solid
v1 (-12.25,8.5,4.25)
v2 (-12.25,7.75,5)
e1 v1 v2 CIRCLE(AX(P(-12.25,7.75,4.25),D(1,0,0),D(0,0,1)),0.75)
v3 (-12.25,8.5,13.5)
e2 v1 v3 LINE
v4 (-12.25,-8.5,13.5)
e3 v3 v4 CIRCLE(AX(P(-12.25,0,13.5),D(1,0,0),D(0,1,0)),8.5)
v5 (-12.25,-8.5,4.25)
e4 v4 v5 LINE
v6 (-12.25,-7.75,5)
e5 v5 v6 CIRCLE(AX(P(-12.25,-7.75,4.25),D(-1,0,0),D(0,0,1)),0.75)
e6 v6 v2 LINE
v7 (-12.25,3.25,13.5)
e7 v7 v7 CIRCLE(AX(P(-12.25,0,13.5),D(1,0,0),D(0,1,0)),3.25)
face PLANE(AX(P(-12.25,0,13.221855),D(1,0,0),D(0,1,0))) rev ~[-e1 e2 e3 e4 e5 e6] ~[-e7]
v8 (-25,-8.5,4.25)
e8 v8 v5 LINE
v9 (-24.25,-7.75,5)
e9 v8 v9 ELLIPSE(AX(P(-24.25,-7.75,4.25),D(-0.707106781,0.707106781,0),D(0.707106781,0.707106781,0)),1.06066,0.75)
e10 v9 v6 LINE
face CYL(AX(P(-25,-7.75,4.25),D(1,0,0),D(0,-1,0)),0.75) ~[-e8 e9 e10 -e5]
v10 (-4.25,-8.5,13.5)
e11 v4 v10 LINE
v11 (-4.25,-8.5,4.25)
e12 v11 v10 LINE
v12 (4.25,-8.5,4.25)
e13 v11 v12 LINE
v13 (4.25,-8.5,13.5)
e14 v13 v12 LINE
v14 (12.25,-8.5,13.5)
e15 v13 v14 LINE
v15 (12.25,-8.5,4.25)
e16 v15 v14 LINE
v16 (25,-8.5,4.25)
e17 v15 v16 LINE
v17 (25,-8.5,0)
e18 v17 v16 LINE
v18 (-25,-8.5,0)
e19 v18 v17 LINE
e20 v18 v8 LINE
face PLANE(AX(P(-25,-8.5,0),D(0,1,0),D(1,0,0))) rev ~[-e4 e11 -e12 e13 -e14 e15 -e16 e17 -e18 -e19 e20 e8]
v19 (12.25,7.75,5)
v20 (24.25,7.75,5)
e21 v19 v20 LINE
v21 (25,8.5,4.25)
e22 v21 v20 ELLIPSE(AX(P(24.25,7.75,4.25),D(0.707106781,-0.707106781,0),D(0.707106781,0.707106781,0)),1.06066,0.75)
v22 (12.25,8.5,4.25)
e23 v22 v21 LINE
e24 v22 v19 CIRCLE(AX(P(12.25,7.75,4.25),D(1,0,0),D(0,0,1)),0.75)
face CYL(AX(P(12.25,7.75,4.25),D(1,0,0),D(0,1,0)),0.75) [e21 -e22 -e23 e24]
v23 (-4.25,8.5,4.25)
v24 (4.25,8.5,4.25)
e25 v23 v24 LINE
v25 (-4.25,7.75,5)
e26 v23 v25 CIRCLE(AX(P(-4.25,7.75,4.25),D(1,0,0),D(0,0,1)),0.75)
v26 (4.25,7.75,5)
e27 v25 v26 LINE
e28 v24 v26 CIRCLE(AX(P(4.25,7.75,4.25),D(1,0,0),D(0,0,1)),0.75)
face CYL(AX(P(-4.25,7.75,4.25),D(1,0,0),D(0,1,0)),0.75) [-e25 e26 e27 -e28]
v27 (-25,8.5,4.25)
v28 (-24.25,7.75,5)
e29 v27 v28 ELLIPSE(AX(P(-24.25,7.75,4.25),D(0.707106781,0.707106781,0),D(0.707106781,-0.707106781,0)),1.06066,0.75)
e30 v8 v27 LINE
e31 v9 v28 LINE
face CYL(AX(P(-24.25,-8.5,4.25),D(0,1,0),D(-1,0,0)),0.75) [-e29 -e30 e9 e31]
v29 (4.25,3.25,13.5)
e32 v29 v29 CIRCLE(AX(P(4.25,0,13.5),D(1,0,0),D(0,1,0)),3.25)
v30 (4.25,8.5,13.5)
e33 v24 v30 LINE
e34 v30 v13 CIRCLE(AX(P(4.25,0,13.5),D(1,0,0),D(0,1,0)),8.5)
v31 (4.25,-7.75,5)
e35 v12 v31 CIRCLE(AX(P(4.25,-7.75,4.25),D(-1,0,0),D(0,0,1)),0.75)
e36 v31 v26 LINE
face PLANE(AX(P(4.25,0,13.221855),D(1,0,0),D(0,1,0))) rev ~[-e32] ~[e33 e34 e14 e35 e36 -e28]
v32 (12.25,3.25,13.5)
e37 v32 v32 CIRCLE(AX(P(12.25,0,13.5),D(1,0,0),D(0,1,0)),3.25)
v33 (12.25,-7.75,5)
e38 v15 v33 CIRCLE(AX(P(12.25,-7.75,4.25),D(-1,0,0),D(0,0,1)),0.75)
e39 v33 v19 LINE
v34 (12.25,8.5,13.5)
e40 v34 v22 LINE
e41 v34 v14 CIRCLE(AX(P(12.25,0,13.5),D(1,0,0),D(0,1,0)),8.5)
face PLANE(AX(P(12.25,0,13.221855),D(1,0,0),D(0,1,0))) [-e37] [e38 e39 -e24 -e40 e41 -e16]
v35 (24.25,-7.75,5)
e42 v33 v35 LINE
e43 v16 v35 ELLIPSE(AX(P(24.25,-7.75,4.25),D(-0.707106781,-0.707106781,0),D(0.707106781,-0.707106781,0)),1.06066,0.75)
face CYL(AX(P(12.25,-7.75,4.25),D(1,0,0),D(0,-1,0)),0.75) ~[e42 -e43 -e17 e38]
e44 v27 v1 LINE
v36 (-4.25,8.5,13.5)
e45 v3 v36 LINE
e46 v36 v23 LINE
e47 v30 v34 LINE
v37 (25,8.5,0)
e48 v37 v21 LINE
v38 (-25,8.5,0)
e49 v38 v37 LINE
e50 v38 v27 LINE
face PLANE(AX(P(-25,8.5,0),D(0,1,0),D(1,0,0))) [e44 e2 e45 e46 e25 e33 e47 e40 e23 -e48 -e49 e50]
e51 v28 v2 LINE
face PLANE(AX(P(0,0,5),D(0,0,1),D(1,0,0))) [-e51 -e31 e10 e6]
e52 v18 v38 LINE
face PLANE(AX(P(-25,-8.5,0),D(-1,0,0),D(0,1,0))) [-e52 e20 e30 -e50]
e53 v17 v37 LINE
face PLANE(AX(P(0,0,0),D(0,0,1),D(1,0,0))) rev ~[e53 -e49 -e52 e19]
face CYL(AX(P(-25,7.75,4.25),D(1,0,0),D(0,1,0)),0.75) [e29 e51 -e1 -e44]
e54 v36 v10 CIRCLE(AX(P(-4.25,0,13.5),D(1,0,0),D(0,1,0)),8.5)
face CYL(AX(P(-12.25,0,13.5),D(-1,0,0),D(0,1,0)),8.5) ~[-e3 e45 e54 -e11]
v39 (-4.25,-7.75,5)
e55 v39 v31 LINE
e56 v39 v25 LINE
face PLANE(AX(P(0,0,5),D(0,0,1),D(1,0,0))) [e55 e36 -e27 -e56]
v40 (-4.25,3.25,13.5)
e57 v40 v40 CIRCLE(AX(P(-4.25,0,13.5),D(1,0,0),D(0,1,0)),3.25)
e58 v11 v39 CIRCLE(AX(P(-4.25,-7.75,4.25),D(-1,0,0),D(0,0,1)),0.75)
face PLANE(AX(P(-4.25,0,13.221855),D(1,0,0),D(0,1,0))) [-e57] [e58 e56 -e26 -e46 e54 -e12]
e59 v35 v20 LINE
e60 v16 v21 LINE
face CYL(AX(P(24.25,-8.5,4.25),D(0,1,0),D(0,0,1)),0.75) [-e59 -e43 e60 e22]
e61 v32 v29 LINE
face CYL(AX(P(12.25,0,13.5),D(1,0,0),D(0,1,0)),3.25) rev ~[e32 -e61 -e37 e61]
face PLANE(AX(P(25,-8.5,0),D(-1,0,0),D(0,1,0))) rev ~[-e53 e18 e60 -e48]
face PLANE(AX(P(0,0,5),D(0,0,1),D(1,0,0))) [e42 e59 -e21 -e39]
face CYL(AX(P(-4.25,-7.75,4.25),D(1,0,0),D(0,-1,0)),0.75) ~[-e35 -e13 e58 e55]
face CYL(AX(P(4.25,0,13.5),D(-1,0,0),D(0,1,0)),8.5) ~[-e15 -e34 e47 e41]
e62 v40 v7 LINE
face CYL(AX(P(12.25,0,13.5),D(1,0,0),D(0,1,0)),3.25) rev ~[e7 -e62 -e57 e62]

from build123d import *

# Parameters (mm, degrees)
F0_W      = 50
F0_H      = 17
F1_DEPTH  = 5
F5_DEPTH  = 8
F8_DEPTH  = 8
F9_R      = 3.25
F10_DEPTH = 25
F11_R     = 0.75


with BuildPart() as f1:
    # F0 (on Top) → F1 (new body)
    with BuildSketch(Plane.XY):
        Rectangle(F0_W, F0_H)
    extrude(amount=F1_DEPTH)

    # F4 (on line) → F5 (join)
    with BuildSketch(Plane.YZ.offset(-12.25)):
        with BuildLine():
            ThreePointArc((0, 5), (6.0104076401, 7.4895923599), (8.5, 13.5))
            ThreePointArc((8.5, 13.5), (0, 22), (-8.5, 13.5))
            ThreePointArc((-8.5, 13.5), (-6.0104076401, 7.4895923599), (0, 5))
        make_face()
        with BuildLine():
            Line((8.5, 5), (8.5, 13.5))
            ThreePointArc((8.5, 13.5), (6.0104076401, 7.4895923599), (0, 5))
            Line((0, 5), (8.5, 5))
        make_face()
        with BuildLine():
            ThreePointArc((0, 5), (-6.0104076401, 7.4895923599), (-8.5, 13.5))
            Line((-8.5, 13.5), (-8.5, 5))
            Line((-8.5, 5), (0, 5))
        make_face()
    extrude(amount=F5_DEPTH)

    # F7 (on line) → F8 (join)
    with BuildSketch(Plane.YZ.offset(4.25)):
        with BuildLine():
            ThreePointArc((0, 5), (6.0104076401, 7.4895923599), (8.5, 13.5))
            ThreePointArc((8.5, 13.5), (0, 22), (-8.5, 13.5))
            ThreePointArc((-8.5, 13.5), (-6.0104076401, 7.4895923599), (0, 5))
        make_face()
        with BuildLine():
            Line((8.5, 5), (8.5, 13.5))
            ThreePointArc((8.5, 13.5), (6.0104076401, 7.4895923599), (0, 5))
            Line((0, 5), (8.5, 5))
        make_face()
        with BuildLine():
            ThreePointArc((0, 5), (-6.0104076401, 7.4895923599), (-8.5, 13.5))
            Line((-8.5, 13.5), (-8.5, 5))
            Line((-8.5, 5), (0, 5))
        make_face()
    extrude(amount=F8_DEPTH)

    # F9 (on face) → F10 (cut)
    with BuildSketch(Plane.YZ.offset(12.25)):
        with Locations((0, 13.5)):
            Circle(F9_R)
    extrude(amount=-F10_DEPTH, mode=Mode.SUBTRACT)

    # F11
    f11_edges = [f1.edges().sort_by_distance(p)[0] for p in [
        (18.625, 8.5, 5),
        (0, 8.5, 5),
        (-18.625, 8.5, 5),
        (-18.625, -8.5, 5),
        (-25, 0, 5),
        (0, -8.5, 5),
        (18.625, -8.5, 5),
        (25, 0, 5),
    ]]
    fillet(f11_edges, radius=F11_R)


solid = f1.part
